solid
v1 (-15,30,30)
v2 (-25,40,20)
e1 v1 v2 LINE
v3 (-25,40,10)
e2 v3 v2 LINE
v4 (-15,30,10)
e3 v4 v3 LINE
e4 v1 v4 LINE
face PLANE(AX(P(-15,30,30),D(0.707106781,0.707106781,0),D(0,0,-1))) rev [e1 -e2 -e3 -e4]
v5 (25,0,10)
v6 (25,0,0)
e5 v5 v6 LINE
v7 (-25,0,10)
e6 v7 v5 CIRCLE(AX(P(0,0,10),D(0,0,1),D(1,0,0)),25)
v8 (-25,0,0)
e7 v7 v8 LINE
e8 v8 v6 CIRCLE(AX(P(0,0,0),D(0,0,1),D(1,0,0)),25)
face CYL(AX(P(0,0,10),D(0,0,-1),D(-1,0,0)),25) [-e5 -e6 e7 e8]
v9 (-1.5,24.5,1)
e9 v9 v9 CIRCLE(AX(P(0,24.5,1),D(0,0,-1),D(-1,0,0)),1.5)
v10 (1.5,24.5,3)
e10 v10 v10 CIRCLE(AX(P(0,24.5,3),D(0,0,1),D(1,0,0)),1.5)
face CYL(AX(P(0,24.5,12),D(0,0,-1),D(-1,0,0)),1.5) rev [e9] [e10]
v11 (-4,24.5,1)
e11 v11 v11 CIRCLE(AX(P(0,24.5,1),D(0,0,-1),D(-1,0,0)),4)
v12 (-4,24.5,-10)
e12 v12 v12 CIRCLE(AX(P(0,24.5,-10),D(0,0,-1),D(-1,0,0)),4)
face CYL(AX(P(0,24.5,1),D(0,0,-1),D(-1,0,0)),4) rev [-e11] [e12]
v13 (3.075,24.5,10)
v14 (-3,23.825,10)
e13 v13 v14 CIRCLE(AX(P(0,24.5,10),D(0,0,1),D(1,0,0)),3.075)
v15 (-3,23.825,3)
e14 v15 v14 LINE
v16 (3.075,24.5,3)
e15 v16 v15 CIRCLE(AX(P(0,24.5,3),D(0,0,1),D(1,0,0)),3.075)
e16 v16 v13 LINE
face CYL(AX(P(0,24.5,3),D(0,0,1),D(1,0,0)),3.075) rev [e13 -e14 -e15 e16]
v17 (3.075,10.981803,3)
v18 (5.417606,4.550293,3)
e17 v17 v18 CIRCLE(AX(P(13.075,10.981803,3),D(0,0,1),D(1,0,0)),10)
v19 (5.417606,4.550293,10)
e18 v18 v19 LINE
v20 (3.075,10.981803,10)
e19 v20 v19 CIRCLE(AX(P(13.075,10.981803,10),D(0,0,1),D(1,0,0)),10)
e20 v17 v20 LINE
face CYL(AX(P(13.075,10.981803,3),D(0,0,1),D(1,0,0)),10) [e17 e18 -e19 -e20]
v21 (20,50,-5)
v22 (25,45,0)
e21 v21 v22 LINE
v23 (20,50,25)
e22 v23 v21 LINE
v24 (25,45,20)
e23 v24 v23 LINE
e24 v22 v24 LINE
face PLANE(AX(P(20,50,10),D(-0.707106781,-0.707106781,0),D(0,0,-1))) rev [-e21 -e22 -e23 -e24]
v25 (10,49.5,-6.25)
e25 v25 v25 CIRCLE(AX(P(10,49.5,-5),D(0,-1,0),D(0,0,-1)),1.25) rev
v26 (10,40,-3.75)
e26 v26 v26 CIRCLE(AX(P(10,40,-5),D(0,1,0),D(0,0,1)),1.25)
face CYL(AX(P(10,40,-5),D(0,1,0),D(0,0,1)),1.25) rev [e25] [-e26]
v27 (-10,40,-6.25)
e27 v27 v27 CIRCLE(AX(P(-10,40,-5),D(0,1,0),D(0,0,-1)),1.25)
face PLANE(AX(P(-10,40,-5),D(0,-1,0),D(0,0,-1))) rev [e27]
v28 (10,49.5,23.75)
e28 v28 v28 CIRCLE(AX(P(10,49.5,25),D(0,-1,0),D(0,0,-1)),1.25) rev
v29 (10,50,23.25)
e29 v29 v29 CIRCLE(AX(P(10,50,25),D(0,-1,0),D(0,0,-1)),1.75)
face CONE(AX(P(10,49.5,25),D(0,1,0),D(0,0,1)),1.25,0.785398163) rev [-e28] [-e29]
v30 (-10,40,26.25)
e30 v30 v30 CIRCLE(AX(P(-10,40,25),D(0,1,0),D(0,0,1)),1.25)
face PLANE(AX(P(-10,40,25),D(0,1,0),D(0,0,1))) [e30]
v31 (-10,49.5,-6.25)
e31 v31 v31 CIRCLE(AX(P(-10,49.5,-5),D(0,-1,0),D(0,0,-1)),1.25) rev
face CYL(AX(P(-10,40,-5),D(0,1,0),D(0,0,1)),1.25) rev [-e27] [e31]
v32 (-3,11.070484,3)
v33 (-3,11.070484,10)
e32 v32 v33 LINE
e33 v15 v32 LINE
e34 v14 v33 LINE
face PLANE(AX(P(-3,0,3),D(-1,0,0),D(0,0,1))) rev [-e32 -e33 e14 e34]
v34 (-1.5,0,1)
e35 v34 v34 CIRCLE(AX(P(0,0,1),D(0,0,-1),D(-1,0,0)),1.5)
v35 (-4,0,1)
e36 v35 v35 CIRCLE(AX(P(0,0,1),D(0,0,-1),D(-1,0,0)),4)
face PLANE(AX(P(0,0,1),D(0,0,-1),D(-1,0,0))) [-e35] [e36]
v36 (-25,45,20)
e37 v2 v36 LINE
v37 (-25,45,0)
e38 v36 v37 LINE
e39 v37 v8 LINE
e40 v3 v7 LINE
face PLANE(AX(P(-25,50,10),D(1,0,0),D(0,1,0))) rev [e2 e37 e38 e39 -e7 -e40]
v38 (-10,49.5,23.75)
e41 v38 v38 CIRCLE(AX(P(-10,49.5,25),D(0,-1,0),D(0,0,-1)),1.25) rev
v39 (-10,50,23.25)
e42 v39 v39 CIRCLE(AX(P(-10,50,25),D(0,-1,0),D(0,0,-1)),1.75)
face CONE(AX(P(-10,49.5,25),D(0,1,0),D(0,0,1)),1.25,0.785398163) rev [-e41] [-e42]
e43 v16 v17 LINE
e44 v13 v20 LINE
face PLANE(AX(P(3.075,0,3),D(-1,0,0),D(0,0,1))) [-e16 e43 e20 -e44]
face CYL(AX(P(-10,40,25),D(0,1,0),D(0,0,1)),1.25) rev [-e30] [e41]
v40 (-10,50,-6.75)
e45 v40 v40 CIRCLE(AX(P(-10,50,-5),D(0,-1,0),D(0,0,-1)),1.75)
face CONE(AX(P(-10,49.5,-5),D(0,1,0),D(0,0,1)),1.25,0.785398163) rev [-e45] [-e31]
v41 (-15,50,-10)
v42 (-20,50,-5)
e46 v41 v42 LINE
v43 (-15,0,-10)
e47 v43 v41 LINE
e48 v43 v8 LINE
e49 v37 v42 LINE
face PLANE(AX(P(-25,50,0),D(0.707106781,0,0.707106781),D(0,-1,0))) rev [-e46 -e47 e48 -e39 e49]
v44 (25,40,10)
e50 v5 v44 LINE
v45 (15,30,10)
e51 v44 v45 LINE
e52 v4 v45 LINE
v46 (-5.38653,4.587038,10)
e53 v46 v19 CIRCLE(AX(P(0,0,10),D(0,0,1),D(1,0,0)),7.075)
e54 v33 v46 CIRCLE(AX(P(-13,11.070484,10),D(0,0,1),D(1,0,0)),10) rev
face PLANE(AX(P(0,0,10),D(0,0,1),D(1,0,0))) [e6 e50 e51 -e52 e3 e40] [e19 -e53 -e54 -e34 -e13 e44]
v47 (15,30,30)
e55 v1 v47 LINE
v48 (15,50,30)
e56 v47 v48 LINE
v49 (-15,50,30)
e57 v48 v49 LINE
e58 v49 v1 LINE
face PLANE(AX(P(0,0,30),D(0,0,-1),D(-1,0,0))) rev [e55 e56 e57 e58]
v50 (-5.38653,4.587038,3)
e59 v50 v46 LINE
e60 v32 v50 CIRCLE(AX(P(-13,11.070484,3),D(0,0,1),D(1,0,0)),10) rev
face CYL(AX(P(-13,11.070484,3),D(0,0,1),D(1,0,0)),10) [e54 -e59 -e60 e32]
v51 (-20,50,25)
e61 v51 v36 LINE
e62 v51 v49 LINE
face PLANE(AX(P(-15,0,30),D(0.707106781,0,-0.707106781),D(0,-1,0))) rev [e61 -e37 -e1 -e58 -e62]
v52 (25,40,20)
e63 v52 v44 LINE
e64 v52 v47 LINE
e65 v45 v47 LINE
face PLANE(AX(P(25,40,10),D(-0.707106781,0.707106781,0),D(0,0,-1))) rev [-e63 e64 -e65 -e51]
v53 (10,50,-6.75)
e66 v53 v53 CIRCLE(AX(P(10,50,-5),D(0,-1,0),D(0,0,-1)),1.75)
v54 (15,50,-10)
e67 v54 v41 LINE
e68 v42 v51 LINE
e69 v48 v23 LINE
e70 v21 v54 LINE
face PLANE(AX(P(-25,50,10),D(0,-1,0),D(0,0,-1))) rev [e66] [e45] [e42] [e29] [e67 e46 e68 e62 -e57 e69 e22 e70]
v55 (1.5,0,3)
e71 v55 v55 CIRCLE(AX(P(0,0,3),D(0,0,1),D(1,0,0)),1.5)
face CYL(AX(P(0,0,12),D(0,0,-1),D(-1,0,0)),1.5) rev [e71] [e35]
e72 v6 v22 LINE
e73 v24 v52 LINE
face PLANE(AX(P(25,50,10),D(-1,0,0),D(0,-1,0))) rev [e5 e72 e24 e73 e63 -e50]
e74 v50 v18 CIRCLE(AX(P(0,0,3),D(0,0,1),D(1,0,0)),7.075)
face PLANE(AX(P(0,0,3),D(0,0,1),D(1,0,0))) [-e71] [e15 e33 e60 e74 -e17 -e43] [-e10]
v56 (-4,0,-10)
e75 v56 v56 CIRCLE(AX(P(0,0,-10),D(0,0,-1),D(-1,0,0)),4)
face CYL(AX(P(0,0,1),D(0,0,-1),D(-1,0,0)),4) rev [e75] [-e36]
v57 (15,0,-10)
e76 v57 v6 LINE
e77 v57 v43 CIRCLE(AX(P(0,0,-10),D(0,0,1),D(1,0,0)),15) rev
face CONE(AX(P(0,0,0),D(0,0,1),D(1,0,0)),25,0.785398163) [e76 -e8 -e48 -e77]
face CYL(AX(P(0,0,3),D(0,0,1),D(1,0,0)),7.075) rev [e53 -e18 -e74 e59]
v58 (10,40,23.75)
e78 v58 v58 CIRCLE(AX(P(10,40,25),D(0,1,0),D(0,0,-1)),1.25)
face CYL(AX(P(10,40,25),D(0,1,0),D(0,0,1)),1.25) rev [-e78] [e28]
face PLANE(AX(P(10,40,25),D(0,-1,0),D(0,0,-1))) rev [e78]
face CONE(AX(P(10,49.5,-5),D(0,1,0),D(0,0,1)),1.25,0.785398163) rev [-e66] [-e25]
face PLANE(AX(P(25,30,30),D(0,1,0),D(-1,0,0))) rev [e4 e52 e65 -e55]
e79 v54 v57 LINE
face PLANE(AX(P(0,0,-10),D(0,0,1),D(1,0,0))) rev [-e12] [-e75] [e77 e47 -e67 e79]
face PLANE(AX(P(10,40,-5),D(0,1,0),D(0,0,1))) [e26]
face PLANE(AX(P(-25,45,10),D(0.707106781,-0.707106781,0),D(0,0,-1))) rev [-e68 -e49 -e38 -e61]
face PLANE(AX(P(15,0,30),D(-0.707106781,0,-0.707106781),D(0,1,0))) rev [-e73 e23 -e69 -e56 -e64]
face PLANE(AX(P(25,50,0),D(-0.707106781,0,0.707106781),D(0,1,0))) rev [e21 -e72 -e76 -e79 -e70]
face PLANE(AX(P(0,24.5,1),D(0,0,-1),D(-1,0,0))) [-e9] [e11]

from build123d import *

# Parameters (mm, degrees)
BOSS_EXTRUDE1_DEPTH = 10
CHAMFER1_SIZE       = 10
CUT_EXTRUDE3_DEPTH  = 7
SKETCH7_R           = 4
CUT_EXTRUDE4_DEPTH  = 11
SKETCH8_R           = 1.5
CUT_EXTRUDE5_DEPTH  = 11
SKETCH9_W           = 50
SKETCH9_H           = 20
BOSS_EXTRUDE2_DEPTH = 20
CHAMFER2_SIZE       = 10
CHAMFER3_SIZE       = 5
SKETCH10_R          = 1.25
CUT_EXTRUDE6_DEPTH  = 10
CHAMFER4_SIZE       = 0.5


with BuildPart() as part:
    # Sketch1 → Boss-Extrude1 (new, symmetric)
    with BuildSketch(Plane.XY):
        with BuildLine():
            Line((25, 50), (25, 0))
            ThreePointArc((25, 0), (0, -25), (-25, 0))
            Line((-25, 0), (-25, 50))
            Line((-25, 50), (25, 50))
        make_face()
    extrude(amount=BOSS_EXTRUDE1_DEPTH, both=True)

    # Chamfer1
    chamfer1_edges = [part.edges().sort_by_distance(p)[0] for p in [
        (25, 25, -10),
        (0, -25, -10),
        (-25, 25, -10),
    ]]
    chamfer(chamfer1_edges, length=CHAMFER1_SIZE)

    # Sketch6 → Cut-Extrude3 (cut)
    with BuildSketch(Plane.XY.offset(10)):
        with BuildLine():
            Line((3.075, 10.981803131), (3.075, 24.5))
            ThreePointArc((3.075, 24.5), (-0.339576943, 27.556192484), (-3, 23.825))
            Line((-3, 23.825), (-3, 11.070484407))
            ThreePointArc((-3, 11.070484407), (-3.615579404, 7.616117595), (-5.386530015, 4.587038195))
            ThreePointArc((-5.386530015, 4.587038195), (-0.02406199, -7.074959083), (5.417606149, 4.550293244))
            ThreePointArc((5.417606149, 4.550293244), (3.678885417, 7.559372599), (3.075, 10.981803131))
        make_face()
    extrude(amount=-CUT_EXTRUDE3_DEPTH, mode=Mode.SUBTRACT)

    # Sketch7 → Cut-Extrude4 (cut)
    with BuildSketch(Plane(origin=(0, 0, -10), x_dir=(-1, 0, 0), z_dir=(0, 0, -1))):
        Circle(SKETCH7_R)
        with Locations((0, 24.5)):
            Circle(SKETCH7_R)
    extrude(amount=-CUT_EXTRUDE4_DEPTH, mode=Mode.SUBTRACT)

    # Sketch8 → Cut-Extrude5 (cut)
    with BuildSketch(Plane(origin=(0, 0, 1), x_dir=(-1, 0, 0), z_dir=(0, 0, -1))):
        with Locations((0, 24.5)):
            Circle(SKETCH8_R)
        Circle(SKETCH8_R)
    extrude(amount=-CUT_EXTRUDE5_DEPTH, mode=Mode.SUBTRACT)

    # Sketch9 → Boss-Extrude2 (add)
    with BuildSketch(Plane.XY.offset(10)):
        with Locations((0, 40)):
            Rectangle(SKETCH9_W, SKETCH9_H)
    extrude(amount=BOSS_EXTRUDE2_DEPTH)

    # Chamfer2
    chamfer2_edges = [part.edges().sort_by_distance(p)[0] for p in [
        (25, 30, 20),
        (-25, 30, 20),
        (25, 40, 30),
        (-25, 40, 30),
    ]]
    chamfer(chamfer2_edges, length=CHAMFER2_SIZE)

    # Chamfer3
    chamfer3_edges = [part.edges().sort_by_distance(p)[0] for p in [
        (-25, 50, 10),
        (25, 50, 10),
    ]]
    chamfer(chamfer3_edges, length=CHAMFER3_SIZE)

    # Sketch10 → Cut-Extrude6 (cut)
    with BuildSketch(Plane(origin=(0, 50, 0), x_dir=(1, 0, 0), z_dir=(0, 1, 0))):
        with Locations(Location((10, 5, 0), (0, 0, 270))):
            Circle(SKETCH10_R)
        with Locations(Location((10, -25, 0), (0, 0, 90))):
            Circle(SKETCH10_R)
        with Locations(Location((-10, -25, 0), (0, 0, 270))):
            Circle(SKETCH10_R)
        with Locations(Location((-10, 5, 0), (0, 0, 90))):
            Circle(SKETCH10_R)
    extrude(amount=-CUT_EXTRUDE6_DEPTH, mode=Mode.SUBTRACT)

    # Chamfer4
    chamfer4_edges = [part.edges().sort_by_distance(p)[0] for p in [
        (-10, 50, -3.75),
        (-10, 50, 23.75),
        (10, 50, 26.25),
        (10, 50, -6.25),
    ]]
    chamfer(chamfer4_edges, length=CHAMFER4_SIZE)


solid = part.part
